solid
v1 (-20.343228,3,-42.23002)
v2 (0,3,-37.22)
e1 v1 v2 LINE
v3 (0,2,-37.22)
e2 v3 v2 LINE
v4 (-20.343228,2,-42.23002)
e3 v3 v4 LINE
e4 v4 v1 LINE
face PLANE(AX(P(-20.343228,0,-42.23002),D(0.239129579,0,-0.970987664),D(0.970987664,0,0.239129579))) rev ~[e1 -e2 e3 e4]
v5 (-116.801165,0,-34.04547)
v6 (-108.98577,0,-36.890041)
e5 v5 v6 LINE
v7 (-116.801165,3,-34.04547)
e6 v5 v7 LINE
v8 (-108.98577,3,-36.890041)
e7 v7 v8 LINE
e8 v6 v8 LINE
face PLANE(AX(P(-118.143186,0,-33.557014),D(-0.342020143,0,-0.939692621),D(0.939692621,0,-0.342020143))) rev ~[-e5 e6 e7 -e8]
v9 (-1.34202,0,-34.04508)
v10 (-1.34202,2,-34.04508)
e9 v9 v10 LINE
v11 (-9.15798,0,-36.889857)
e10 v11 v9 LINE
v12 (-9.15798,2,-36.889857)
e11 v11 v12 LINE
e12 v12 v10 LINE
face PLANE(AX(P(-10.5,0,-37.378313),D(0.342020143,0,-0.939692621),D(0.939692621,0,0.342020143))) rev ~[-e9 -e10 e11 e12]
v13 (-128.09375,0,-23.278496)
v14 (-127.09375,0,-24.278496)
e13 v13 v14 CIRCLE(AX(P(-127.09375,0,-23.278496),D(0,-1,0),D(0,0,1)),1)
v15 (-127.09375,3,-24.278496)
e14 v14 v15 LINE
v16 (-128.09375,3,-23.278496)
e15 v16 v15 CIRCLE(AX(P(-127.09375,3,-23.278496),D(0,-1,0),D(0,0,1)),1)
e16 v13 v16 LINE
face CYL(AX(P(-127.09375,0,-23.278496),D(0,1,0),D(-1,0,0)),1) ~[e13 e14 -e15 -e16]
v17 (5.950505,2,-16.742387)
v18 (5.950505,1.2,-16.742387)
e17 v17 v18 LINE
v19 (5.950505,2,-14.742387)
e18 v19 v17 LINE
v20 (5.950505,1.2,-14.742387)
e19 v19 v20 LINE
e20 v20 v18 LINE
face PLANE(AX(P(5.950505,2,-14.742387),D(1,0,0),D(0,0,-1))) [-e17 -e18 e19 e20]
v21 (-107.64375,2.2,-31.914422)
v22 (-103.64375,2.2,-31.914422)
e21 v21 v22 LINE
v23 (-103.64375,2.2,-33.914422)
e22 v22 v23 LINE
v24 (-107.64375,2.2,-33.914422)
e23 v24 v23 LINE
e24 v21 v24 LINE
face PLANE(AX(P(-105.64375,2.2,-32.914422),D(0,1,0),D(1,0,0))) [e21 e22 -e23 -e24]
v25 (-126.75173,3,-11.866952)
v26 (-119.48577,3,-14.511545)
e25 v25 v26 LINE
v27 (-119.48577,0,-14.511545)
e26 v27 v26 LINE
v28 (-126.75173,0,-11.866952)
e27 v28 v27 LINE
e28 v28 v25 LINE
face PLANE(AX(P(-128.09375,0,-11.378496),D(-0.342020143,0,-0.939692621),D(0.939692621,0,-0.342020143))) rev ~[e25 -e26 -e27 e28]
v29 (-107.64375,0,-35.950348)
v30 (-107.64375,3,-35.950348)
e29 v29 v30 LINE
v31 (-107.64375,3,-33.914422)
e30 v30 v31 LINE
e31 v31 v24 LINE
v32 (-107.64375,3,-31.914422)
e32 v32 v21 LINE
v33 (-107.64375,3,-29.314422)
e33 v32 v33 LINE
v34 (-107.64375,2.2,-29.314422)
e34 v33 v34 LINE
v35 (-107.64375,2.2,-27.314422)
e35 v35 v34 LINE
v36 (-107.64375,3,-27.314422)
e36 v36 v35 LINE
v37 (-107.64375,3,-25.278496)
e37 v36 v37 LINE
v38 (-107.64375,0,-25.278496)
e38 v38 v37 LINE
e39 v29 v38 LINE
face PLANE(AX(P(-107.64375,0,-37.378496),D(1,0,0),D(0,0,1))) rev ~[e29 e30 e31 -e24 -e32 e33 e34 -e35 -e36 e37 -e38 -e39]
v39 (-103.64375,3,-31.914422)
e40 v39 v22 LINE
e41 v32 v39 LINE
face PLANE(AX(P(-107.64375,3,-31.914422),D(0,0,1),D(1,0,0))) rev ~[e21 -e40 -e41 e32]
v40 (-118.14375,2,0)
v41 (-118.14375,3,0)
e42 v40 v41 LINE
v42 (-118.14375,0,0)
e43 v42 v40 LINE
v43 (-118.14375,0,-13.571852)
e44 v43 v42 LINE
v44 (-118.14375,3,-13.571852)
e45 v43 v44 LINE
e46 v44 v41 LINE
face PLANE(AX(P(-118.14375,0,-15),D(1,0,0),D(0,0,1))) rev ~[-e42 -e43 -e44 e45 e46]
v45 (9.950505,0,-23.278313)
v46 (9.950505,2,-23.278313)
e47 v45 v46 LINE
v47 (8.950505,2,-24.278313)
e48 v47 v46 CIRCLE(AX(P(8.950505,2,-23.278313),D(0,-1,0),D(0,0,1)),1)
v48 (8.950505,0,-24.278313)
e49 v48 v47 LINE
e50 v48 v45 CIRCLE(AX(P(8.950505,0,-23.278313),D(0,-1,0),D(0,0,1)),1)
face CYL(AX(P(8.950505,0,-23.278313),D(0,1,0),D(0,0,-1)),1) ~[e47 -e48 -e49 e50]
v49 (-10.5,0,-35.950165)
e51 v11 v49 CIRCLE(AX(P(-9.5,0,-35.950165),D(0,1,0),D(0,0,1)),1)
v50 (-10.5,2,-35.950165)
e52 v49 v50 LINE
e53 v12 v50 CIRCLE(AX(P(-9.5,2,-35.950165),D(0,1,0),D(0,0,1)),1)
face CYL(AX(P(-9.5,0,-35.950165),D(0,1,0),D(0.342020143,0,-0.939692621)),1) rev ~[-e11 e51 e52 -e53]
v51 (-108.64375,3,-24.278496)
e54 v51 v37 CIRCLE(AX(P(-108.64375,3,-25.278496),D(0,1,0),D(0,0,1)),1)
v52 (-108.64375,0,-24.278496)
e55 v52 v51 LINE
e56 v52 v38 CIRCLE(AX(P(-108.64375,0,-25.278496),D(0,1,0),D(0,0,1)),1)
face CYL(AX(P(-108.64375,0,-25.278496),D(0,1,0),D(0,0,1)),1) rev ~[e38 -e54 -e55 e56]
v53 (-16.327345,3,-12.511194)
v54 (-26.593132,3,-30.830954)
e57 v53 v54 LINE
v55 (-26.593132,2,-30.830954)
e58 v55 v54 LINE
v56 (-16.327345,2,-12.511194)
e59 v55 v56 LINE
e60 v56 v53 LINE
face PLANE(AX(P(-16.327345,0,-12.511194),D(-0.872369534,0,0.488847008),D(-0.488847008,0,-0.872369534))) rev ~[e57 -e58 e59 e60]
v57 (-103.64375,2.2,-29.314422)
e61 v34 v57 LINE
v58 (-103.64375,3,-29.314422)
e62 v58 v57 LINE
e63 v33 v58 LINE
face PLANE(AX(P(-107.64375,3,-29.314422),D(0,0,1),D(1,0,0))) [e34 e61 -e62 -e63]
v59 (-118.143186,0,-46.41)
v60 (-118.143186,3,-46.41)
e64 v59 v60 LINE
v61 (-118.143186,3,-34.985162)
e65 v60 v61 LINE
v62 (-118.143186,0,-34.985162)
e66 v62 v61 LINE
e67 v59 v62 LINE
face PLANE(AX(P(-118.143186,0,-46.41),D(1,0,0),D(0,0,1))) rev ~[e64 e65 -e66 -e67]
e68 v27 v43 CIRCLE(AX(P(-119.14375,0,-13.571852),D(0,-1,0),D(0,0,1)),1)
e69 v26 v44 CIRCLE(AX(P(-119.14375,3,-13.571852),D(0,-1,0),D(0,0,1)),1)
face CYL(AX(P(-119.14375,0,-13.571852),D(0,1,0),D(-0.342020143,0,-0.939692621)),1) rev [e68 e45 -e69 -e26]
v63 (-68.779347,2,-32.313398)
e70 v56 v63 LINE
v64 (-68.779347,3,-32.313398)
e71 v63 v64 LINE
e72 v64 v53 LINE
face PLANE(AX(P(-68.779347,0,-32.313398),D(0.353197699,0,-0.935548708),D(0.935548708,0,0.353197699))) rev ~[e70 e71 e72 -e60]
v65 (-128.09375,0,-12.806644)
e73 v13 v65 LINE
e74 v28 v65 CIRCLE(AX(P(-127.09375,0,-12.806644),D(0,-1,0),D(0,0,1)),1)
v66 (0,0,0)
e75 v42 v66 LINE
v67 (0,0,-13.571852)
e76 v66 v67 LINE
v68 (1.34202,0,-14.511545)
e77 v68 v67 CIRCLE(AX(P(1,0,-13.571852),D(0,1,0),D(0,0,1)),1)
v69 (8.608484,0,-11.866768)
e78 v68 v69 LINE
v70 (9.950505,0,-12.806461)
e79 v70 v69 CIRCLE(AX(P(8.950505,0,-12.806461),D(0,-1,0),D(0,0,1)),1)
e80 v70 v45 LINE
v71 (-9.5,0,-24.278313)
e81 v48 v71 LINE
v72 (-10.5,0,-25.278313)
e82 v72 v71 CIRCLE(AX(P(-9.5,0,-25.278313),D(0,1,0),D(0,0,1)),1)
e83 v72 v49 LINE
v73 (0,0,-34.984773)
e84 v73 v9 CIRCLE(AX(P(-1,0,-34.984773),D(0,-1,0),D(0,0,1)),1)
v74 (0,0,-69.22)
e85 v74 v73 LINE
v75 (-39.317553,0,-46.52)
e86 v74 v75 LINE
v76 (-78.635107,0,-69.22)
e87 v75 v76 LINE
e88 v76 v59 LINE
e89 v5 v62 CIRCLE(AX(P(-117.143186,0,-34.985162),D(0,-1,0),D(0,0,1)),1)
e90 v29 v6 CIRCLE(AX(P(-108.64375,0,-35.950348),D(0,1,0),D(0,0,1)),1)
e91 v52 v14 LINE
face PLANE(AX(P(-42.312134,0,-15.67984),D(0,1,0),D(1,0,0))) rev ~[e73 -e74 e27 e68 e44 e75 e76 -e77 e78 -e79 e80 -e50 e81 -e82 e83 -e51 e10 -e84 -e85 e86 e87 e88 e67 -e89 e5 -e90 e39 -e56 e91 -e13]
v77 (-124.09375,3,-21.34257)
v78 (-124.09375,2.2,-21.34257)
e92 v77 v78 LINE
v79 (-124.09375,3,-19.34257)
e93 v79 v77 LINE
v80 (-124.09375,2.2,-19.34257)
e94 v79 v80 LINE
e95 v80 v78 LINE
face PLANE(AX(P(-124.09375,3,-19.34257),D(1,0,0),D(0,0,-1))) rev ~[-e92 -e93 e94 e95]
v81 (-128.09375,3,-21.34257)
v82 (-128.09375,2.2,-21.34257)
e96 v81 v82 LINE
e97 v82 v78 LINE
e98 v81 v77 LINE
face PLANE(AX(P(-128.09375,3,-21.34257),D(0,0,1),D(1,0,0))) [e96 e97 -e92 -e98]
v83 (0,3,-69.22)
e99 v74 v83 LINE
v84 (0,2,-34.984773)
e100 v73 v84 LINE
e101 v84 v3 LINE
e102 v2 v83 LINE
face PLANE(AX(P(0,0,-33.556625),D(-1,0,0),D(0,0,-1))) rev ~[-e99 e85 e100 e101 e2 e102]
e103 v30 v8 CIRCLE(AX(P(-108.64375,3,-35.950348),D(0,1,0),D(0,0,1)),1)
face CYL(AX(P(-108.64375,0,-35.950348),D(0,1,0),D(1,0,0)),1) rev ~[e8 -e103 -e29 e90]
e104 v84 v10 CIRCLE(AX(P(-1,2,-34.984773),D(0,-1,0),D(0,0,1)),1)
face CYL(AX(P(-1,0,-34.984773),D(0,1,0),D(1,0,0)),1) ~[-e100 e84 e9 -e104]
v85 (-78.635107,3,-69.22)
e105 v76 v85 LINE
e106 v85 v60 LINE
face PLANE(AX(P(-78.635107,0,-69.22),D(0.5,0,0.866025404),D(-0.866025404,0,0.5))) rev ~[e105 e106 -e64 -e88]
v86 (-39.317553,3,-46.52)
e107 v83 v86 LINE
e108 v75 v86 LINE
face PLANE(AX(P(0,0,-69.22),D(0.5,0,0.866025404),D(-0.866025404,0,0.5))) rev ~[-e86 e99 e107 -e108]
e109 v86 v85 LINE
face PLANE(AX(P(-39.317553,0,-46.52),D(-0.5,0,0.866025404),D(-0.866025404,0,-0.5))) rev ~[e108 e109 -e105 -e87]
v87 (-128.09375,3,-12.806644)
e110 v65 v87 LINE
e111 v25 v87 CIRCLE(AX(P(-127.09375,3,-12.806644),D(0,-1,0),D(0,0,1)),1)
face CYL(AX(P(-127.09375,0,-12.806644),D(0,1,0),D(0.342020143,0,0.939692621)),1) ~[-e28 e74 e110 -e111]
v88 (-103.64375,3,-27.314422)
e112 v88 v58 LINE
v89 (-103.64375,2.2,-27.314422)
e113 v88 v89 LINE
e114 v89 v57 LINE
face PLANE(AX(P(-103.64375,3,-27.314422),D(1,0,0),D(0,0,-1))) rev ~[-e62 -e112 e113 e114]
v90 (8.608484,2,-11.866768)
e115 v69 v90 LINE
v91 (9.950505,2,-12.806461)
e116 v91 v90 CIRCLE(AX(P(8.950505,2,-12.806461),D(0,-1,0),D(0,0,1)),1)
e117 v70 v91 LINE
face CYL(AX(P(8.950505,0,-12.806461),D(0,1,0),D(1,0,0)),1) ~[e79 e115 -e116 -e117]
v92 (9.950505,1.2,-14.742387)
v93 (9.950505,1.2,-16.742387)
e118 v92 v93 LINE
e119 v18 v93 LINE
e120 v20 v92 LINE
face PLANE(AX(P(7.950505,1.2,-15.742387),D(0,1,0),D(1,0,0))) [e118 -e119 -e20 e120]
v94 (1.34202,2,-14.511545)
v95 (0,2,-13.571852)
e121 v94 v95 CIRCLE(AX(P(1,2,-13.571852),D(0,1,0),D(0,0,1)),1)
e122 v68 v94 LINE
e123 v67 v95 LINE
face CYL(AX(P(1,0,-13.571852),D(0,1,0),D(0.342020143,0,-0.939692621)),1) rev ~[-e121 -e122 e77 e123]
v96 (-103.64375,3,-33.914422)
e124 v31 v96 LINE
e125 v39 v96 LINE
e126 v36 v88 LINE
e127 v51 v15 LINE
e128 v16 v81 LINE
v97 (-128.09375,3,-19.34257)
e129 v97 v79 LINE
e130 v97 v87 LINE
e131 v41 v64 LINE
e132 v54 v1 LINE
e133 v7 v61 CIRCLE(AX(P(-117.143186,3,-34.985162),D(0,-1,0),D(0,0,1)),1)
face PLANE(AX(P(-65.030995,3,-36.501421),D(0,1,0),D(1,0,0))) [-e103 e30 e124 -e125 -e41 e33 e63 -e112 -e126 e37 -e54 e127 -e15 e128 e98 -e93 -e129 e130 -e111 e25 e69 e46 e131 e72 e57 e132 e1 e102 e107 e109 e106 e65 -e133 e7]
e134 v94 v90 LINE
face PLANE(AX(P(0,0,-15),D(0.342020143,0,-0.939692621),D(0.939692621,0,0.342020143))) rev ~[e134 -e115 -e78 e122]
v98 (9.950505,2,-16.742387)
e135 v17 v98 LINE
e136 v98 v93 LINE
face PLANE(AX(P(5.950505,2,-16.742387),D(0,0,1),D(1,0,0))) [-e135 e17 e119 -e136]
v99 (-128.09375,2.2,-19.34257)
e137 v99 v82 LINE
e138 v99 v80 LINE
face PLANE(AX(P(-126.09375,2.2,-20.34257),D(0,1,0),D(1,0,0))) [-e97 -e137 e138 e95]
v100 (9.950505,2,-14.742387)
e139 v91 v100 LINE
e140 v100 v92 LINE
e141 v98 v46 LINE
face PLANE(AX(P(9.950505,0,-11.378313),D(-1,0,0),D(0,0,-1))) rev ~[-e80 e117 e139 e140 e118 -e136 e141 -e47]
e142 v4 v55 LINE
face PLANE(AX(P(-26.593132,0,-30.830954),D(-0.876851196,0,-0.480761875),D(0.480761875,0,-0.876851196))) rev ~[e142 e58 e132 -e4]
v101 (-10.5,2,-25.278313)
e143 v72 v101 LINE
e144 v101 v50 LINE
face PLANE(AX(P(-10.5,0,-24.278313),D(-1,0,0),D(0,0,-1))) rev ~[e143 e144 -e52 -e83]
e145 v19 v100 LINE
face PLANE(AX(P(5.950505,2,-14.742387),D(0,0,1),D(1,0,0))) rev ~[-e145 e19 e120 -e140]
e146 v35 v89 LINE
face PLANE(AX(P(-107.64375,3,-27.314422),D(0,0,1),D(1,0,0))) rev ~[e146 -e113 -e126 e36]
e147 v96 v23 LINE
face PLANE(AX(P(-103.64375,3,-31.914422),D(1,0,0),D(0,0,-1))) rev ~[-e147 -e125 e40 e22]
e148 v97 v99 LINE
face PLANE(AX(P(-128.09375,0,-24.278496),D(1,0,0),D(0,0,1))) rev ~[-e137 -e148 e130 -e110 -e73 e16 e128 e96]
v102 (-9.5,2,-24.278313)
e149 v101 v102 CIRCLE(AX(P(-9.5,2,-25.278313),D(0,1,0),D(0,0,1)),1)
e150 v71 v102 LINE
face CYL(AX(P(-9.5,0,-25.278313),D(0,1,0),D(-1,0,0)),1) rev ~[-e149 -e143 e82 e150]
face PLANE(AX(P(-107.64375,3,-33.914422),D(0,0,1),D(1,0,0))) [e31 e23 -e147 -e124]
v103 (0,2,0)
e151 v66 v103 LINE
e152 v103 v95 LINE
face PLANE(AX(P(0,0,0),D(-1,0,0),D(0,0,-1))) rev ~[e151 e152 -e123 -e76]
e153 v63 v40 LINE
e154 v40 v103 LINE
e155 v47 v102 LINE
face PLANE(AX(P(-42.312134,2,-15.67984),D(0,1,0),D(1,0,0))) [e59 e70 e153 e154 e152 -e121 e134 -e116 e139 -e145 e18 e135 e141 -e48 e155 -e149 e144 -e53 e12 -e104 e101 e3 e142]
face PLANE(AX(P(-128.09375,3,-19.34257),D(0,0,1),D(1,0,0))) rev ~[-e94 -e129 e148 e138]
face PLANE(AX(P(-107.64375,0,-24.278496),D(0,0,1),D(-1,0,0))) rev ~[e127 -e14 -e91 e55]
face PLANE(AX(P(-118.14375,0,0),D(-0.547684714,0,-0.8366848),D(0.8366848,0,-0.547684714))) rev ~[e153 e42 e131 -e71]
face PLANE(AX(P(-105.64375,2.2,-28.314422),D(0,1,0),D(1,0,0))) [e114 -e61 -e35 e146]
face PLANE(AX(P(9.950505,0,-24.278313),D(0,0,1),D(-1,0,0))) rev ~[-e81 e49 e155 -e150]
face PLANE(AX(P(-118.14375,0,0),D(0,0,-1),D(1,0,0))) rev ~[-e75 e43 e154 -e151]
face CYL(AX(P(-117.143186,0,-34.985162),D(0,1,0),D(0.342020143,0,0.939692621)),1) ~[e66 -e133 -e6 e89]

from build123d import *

# Parameters (mm, degrees)
P_IDAT_VYSUNUT_M1_DEPTH  = 3
P_IDAT_VYSUNUT_M2_DEPTH  = 2
ZAOBLIT4_R               = 1
SKICA2_W                 = 4
SKICA2_H                 = 2
ODEBRAT_VYSUNUT_M2_DEPTH = 0.8
SKICA3_W                 = 4
SKICA3_H                 = 2
ODEBRAT_VYSUNUT_M3_DEPTH = 0.8


with BuildPart() as part:
    # Skica1 → P_idat vysunut_m1 (new body)
    with BuildSketch(Plane(origin=(0, 0, 0), x_dir=(1, 0, 0), z_dir=(0, 1, 0))):
        Polygon((-118.143750166, 15), (-118.143750166, 0), (-68.779346971, 32.313398106), (-16.32734533, 12.51119421), (-26.593132493, 30.830954414), (-20.343228113, 42.230019956), (0, 37.22), (0, 69.22), (-39.317553332, 46.52), (-78.635106664, 69.22), (-118.143185584, 46.41), (-118.143185584, 33.5570142), (-107.643750166, 37.378496169), (-107.643750166, 24.278496169), (-128.093750166, 24.278496169), (-128.093750166, 11.378496169), align=None)
    extrude(amount=P_IDAT_VYSUNUT_M1_DEPTH)

    # Skica1_5 → P_idat vysunut_m2 (add)
    with BuildSketch(Plane(origin=(0, 0, 0), x_dir=(1, 0, 0), z_dir=(0, 1, 0))):
        Polygon((-68.779346971, 32.313398106), (-118.143750166, 0), (0, 0), (0, 15), (9.950504516, 11.37831254), (9.950504516, 24.27831254), (-10.5, 24.27831254), (-10.5, 37.37831254), (0, 33.55662508), (0, 37.22), (-20.343228113, 42.230019956), (-26.593132493, 30.830954414), (-16.32734533, 12.51119421), align=None)
    extrude(amount=P_IDAT_VYSUNUT_M2_DEPTH)

    # Zaoblit4
    zaoblit4_edges = [part.edges().sort_by_distance(p)[0] for p in [
        (-118.143750166, 1.5, -15),
        (-128.093750166, 1.5, -11.378496169),
        (-128.093750166, 1.5, -24.278496169),
        (-107.643750166, 1.5, -24.278496169),
        (-107.643750166, 1.5, -37.378496169),
        (-118.143185584, 1.5, -33.5570142),
        (-10.5, 1, -24.27831254),
        (-10.5, 1, -37.37831254),
        (0, 1, -33.55662508),
        (0, 1, -15),
        (9.950504516, 1, -11.37831254),
        (9.950504516, 1, -24.27831254),
    ]]
    fillet(zaoblit4_edges, radius=ZAOBLIT4_R)

    # Skica2 → Odebrat vysunut_m2 (cut)
    with BuildSketch(Plane(origin=(0, 3, 0), x_dir=(1, 0, 0), z_dir=(0, 1, 0))):
        with Locations((-105.643750166, 32.914422166)):
            Rectangle(SKICA2_W, SKICA2_H)
        with Locations((-126.093750166, 20.342570172)):
            Rectangle(SKICA2_W, SKICA2_H)
        with Locations((-105.643750166, 28.314422166)):
            Rectangle(SKICA2_W, SKICA2_H)
    extrude(amount=-ODEBRAT_VYSUNUT_M2_DEPTH, mode=Mode.SUBTRACT)

    # Skica3 → Odebrat vysunut_m3 (cut)
    with BuildSketch(Plane(origin=(0, 2, 0), x_dir=(1, 0, 0), z_dir=(0, 1, 0))):
        with Locations((7.950504516, 15.742386544)):
            Rectangle(SKICA3_W, SKICA3_H)
    extrude(amount=-ODEBRAT_VYSUNUT_M3_DEPTH, mode=Mode.SUBTRACT)


solid = part.part
